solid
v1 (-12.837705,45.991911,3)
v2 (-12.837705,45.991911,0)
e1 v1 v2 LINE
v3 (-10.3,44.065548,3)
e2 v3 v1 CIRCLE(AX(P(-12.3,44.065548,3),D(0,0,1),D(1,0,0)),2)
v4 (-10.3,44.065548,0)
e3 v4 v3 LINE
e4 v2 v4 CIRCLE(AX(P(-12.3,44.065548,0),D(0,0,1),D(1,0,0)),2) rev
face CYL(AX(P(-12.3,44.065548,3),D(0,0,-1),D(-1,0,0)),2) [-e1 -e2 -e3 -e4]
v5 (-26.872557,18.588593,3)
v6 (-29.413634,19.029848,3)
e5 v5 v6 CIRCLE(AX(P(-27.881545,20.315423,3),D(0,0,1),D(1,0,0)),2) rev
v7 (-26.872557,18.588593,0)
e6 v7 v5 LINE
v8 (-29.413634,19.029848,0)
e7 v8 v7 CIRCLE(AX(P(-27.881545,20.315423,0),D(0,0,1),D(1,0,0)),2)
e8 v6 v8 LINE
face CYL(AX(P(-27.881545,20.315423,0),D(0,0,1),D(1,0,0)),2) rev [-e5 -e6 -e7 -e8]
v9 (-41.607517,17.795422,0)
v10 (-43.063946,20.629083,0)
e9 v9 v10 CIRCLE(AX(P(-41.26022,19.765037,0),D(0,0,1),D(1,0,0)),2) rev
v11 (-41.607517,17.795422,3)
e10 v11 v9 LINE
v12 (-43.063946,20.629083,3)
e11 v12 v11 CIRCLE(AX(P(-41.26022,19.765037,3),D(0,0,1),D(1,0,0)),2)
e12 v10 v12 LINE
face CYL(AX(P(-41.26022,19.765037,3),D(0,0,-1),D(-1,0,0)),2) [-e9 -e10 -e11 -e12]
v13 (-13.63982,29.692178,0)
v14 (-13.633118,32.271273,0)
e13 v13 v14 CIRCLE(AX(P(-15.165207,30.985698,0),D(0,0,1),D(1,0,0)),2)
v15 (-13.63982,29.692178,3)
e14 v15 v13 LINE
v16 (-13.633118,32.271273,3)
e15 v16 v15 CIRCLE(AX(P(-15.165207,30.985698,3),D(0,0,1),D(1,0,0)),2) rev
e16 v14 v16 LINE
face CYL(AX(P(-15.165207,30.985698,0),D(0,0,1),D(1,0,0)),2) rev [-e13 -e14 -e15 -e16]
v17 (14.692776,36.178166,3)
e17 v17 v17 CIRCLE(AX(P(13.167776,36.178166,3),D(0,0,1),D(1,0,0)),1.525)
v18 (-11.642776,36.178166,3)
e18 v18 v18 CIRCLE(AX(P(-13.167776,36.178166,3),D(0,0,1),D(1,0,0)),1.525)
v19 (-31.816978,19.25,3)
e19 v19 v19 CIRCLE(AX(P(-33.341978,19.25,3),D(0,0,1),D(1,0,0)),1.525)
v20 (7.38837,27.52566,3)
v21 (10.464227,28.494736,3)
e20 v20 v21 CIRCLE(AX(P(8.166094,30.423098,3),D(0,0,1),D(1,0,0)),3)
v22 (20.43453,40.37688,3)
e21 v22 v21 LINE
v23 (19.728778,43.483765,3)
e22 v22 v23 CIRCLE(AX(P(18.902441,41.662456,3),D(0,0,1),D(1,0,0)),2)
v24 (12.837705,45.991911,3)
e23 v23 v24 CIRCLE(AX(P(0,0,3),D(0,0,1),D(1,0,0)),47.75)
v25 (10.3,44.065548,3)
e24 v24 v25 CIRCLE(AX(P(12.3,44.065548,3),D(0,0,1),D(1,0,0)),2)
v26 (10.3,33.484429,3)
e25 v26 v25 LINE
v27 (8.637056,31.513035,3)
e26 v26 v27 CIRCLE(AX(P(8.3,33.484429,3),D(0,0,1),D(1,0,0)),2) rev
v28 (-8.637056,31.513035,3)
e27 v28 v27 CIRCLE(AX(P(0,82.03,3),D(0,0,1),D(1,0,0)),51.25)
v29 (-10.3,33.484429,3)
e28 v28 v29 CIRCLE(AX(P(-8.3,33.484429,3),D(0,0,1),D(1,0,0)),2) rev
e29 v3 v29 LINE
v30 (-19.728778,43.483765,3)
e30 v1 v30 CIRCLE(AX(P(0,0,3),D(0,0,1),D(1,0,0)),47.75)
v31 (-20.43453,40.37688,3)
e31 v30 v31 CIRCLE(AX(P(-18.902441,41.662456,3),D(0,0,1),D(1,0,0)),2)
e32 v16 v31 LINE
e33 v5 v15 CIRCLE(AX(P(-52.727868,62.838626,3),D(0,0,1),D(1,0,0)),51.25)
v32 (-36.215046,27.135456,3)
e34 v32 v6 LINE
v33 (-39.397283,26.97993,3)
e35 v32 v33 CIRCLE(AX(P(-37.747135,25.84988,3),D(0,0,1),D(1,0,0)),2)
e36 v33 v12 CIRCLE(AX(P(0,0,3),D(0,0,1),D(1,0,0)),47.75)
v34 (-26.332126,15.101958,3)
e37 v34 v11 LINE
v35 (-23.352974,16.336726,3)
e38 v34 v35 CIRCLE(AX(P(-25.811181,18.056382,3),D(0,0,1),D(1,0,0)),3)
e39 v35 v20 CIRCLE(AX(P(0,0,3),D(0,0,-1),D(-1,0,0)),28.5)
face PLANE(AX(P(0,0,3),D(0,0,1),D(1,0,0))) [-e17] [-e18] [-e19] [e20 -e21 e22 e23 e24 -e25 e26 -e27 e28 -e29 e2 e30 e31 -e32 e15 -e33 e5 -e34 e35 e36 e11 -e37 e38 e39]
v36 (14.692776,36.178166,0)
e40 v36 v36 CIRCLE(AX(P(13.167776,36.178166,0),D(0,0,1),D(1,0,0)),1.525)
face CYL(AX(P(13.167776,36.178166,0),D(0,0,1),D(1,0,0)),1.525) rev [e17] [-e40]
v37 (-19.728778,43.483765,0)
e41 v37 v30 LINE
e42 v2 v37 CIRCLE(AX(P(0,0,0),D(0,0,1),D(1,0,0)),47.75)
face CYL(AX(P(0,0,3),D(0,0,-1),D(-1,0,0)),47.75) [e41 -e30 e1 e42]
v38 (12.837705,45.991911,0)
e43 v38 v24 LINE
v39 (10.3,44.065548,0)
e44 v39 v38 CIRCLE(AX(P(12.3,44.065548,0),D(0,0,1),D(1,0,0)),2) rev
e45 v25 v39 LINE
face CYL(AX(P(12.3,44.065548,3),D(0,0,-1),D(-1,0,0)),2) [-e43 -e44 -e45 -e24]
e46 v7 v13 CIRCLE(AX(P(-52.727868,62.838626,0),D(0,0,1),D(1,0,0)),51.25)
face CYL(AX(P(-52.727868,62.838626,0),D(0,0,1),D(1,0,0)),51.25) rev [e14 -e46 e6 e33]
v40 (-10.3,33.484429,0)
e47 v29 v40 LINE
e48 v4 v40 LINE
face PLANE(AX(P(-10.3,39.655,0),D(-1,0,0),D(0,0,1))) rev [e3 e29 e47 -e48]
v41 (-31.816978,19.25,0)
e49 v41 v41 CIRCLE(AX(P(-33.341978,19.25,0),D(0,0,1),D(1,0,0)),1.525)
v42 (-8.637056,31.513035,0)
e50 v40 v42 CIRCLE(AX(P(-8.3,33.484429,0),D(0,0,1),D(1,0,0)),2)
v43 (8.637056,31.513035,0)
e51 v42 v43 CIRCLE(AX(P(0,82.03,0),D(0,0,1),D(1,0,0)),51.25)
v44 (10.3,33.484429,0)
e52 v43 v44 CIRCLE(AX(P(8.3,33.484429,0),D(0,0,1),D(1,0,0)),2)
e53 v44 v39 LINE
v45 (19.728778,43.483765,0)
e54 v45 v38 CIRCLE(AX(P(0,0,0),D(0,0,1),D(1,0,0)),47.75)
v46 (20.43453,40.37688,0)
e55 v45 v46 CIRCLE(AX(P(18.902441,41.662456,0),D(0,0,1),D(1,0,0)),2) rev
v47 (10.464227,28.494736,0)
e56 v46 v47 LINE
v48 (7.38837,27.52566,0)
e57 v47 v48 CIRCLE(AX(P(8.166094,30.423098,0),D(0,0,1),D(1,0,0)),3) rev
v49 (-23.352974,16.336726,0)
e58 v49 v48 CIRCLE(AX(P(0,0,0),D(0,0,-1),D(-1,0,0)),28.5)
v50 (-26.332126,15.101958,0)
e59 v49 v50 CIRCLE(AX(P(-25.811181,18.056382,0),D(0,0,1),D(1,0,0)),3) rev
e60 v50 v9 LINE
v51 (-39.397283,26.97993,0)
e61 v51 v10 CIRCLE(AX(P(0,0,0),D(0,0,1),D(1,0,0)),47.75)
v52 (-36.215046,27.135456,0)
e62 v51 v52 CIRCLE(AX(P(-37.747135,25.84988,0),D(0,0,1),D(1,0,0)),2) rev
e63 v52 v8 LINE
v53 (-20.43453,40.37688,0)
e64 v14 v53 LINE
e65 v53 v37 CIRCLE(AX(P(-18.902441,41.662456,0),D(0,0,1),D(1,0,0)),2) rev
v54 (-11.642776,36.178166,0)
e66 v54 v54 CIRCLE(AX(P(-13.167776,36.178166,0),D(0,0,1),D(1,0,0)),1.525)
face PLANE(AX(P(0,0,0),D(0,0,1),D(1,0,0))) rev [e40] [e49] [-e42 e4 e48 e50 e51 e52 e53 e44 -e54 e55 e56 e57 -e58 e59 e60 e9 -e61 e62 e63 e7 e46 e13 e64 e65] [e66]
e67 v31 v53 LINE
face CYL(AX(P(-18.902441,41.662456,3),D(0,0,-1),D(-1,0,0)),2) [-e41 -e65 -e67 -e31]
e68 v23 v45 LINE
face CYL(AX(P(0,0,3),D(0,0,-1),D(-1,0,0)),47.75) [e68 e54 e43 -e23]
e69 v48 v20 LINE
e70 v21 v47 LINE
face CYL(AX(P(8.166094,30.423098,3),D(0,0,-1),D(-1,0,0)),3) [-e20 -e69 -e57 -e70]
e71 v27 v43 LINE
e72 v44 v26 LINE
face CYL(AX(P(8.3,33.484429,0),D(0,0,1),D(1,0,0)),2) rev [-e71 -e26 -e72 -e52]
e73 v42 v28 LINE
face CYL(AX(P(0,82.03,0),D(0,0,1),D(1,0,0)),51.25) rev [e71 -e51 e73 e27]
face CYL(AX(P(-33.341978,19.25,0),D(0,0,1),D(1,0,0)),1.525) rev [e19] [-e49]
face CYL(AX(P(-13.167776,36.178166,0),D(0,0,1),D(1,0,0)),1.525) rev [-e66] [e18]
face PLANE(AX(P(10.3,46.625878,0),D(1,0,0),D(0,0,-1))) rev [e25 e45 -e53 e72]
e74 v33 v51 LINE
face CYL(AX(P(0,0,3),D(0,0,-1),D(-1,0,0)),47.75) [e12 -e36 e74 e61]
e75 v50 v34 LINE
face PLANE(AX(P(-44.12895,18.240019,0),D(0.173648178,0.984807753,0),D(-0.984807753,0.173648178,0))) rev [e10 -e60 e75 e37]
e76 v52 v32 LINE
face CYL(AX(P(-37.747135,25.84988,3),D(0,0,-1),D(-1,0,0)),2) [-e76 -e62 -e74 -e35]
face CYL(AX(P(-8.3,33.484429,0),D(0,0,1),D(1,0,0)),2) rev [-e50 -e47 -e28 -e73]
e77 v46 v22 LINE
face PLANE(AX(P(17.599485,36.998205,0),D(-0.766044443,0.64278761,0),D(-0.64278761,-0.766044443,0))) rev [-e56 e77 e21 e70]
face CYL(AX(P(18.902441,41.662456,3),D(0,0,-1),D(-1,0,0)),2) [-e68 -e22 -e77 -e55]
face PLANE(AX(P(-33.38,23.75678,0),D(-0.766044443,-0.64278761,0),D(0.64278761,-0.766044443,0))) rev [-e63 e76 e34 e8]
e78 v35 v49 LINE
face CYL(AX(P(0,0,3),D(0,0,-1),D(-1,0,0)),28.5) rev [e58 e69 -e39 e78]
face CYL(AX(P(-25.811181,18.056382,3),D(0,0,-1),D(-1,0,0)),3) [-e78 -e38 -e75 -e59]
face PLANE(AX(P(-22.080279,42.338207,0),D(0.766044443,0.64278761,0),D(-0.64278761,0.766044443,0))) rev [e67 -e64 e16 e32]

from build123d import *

# Parameters (mm, degrees)
SKETCH_1_R          = 47.75
EXTRUDE_1_DEPTH     = 3
CUT_EXTRUDE_1_DEPTH = 68.595303091
FILLET_2_R          = 2
SKETCH_3_R          = 1.525
CUT_EXTRUDE_2_DEPTH = 68.441458022
SKETCH_6_R          = 28.5
CUT_EXTRUDE_4_DEPTH = 68.441458022
SKETCH_9_W          = 2.6
SKETCH_9_H          = 3.05
EXTRUDE_3_DEPTH     = 3
CUT_EXTRUDE_6_DEPTH = 68.441458022
FILLET_4_R          = 3


with BuildPart() as part:
    # ｽｹｯﾁ1 → ﾎﾞｽ - 押し出し1 (new body)
    with BuildSketch(Plane.XY):
        Circle(SKETCH_1_R)
    extrude(amount=EXTRUDE_1_DEPTH)

    # ｽｹｯﾁ2 → ｶｯﾄ - 押し出し1 (cut, through all)
    with BuildSketch(Plane.XY.offset(3)):
        with BuildLine():
            Line((-10.3, 46.625878008), (-10.3, 42.705))
            Line((-10.3, 42.705), (-12.9, 42.705))
            Line((-12.9, 42.705), (-12.9, 39.655))
            Line((-12.9, 39.655), (-10.3, 39.655))
            Line((-10.3, 39.655), (-10.3, 31.825692416))
            ThreePointArc((-10.3, 31.825692416), (0, 30.78), (10.3, 31.825692416))
            Line((10.3, 31.825692416), (10.3, 39.655))
            Line((10.3, 39.655), (12.9, 39.655))
            Line((12.9, 39.655), (12.9, 42.705))
            Line((12.9, 42.705), (10.3, 42.705))
            Line((10.3, 42.705), (10.3, 46.625878008))
            ThreePointArc((10.3, 46.625878008), (0, 47.75), (-10.3, 46.625878008))
        make_face()
        with BuildLine():
            Line((17.599484898, 36.998204772), (12.566902991, 31.000607203))
            ThreePointArc((12.566902991, 31.000607203), (19.785002626, 23.578847959), (28.347418519, 17.759182444))
            Line((28.347418519, 17.759182444), (33.380000426, 23.756780012))
            Line((33.380000426, 23.756780012), (35.371715978, 22.085532227))
            Line((35.371715978, 22.085532227), (37.332218188, 24.421967778))
            Line((37.332218188, 24.421967778), (35.340502636, 26.093215564))
            Line((35.340502636, 26.093215564), (37.860794438, 29.096782374))
            ThreePointArc((37.860794438, 29.096782374), (30.693108363, 36.578622159), (22.08027891, 42.338207133))
            Line((22.08027891, 42.338207133), (19.559987108, 39.334640323))
            Line((19.559987108, 39.334640323), (17.568271555, 41.005888108))
            Line((17.568271555, 41.005888108), (15.607769346, 38.669452557))
            Line((15.607769346, 38.669452557), (17.599484898, 36.998204772))
        make_face()
        with BuildLine():
            Line((37.263975216, 17.029538341), (29.553612406, 15.669993347))
            ThreePointArc((29.553612406, 15.669993347), (30.312382638, 5.344890909), (33.130764866, -4.617046365))
            Line((33.130764866, -4.617046365), (40.841127676, -3.257501371))
            Line((40.841127676, -3.257501371), (41.292612938, -5.818001528))
            Line((41.292612938, -5.818001528), (44.296276584, -5.288374587))
            Line((44.296276584, -5.288374587), (43.844791322, -2.727874429))
            Line((43.844791322, -2.727874429), (47.706102383, -2.047021108))
            ThreePointArc((47.706102383, -2.047021108), (47.024570206, 8.291700484), (44.128949923, 18.240018604))
            Line((44.128949923, 18.240018604), (40.267638862, 17.559165283))
            Line((40.267638862, 17.559165283), (39.8161536, 20.119665441))
            Line((39.8161536, 20.119665441), (36.812489954, 19.590038499))
            Line((36.812489954, 19.590038499), (37.263975216, 17.029538341))
        make_face()
        with BuildLine():
            Line((39.492237387, -10.907438341), (32.711858125, -6.992784549))
            ThreePointArc((32.711858125, -6.992784549), (26.656261928, -15.39), (22.411858125, -24.832907867))
            Line((22.411858125, -24.832907867), (29.192237387, -28.747561659))
            Line((29.192237387, -28.747561659), (27.892237387, -30.999227709))
            Line((27.892237387, -30.999227709), (30.533614869, -32.524227709))
            Line((30.533614869, -32.524227709), (31.833614869, -30.272561659))
            Line((31.833614869, -30.272561659), (35.229194829, -32.233000663))
            ThreePointArc((35.229194829, -32.233000663), (41.352713031, -23.875), (45.529194829, -14.392877345))
            Line((45.529194829, -14.392877345), (42.133614869, -12.432438341))
            Line((42.133614869, -12.432438341), (43.433614869, -10.180772291))
            Line((43.433614869, -10.180772291), (40.792237387, -8.655772291))
            Line((40.792237387, -8.655772291), (39.492237387, -10.907438341))
        make_face()
        with BuildLine():
            Line((23.241642778, -33.740703401), (20.563861876, -26.383560838))
            ThreePointArc((20.563861876, -26.383560838), (10.527380012, -28.923738868), (1.206193887, -33.429175791))
            Line((1.206193887, -33.429175791), (3.883974789, -40.786318354))
            Line((3.883974789, -40.786318354), (1.440773975, -41.675570726))
            Line((1.440773975, -41.675570726), (2.483935413, -44.54163322))
            Line((2.483935413, -44.54163322), (4.927136227, -43.652380847))
            Line((4.927136227, -43.652380847), (6.268155485, -47.336800978))
            ThreePointArc((6.268155485, -47.336800978), (16.331461844, -44.870322643), (25.625823473, -40.291186025))
            Line((25.625823473, -40.291186025), (24.284804215, -36.606765894))
            Line((24.284804215, -36.606765894), (26.728005029, -35.717513522))
            Line((26.728005029, -35.717513522), (25.684843592, -32.851451028))
            Line((25.684843592, -32.851451028), (23.241642778, -33.740703401))
        make_face()
        with BuildLine():
            Line((-3.883974789, -40.786318354), (-1.206193887, -33.429175791))
            ThreePointArc((-1.206193887, -33.429175791), (-10.527380012, -28.923738868), (-20.563861876, -26.383560838))
            Line((-20.563861876, -26.383560838), (-23.241642778, -33.740703401))
            Line((-23.241642778, -33.740703401), (-25.684843592, -32.851451028))
            Line((-25.684843592, -32.851451028), (-26.728005029, -35.717513522))
            Line((-26.728005029, -35.717513522), (-24.284804215, -36.606765894))
            Line((-24.284804215, -36.606765894), (-25.625823473, -40.291186025))
            ThreePointArc((-25.625823473, -40.291186025), (-16.331461844, -44.870322643), (-6.268155485, -47.336800978))
            Line((-6.268155485, -47.336800978), (-4.927136227, -43.652380847))
            Line((-4.927136227, -43.652380847), (-2.483935413, -44.54163322))
            Line((-2.483935413, -44.54163322), (-1.440773975, -41.675570726))
            Line((-1.440773975, -41.675570726), (-3.883974789, -40.786318354))
        make_face()
        with BuildLine():
            Line((-29.192237387, -28.747561659), (-22.411858125, -24.832907867))
            ThreePointArc((-22.411858125, -24.832907867), (-26.656261928, -15.39), (-32.711858125, -6.992784549))
            Line((-32.711858125, -6.992784549), (-39.492237387, -10.907438341))
            Line((-39.492237387, -10.907438341), (-40.792237387, -8.655772291))
            Line((-40.792237387, -8.655772291), (-43.433614869, -10.180772291))
            Line((-43.433614869, -10.180772291), (-42.133614869, -12.432438341))
            Line((-42.133614869, -12.432438341), (-45.529194829, -14.392877345))
            ThreePointArc((-45.529194829, -14.392877345), (-41.352713031, -23.875), (-35.229194829, -32.233000663))
            Line((-35.229194829, -32.233000663), (-31.833614869, -30.272561659))
            Line((-31.833614869, -30.272561659), (-30.533614869, -32.524227709))
            Line((-30.533614869, -32.524227709), (-27.892237387, -30.999227709))
            Line((-27.892237387, -30.999227709), (-29.192237387, -28.747561659))
        make_face()
        with BuildLine():
            Line((-40.841127676, -3.257501371), (-33.130764866, -4.617046365))
            ThreePointArc((-33.130764866, -4.617046365), (-30.312382638, 5.344890909), (-29.553612406, 15.669993347))
            Line((-29.553612406, 15.669993347), (-37.263975216, 17.029538341))
            Line((-37.263975216, 17.029538341), (-36.812489954, 19.590038499))
            Line((-36.812489954, 19.590038499), (-39.8161536, 20.119665441))
            Line((-39.8161536, 20.119665441), (-40.267638862, 17.559165283))
            Line((-40.267638862, 17.559165283), (-44.128949923, 18.240018604))
            ThreePointArc((-44.128949923, 18.240018604), (-47.024570206, 8.291700484), (-47.706102383, -2.047021108))
            Line((-47.706102383, -2.047021108), (-43.844791322, -2.727874429))
            Line((-43.844791322, -2.727874429), (-44.296276584, -5.288374587))
            Line((-44.296276584, -5.288374587), (-41.292612938, -5.818001528))
            Line((-41.292612938, -5.818001528), (-40.841127676, -3.257501371))
        make_face()
        with BuildLine():
            Line((-33.380000426, 23.756780012), (-28.347418519, 17.759182444))
            ThreePointArc((-28.347418519, 17.759182444), (-19.785002626, 23.578847959), (-12.566902991, 31.000607203))
            Line((-12.566902991, 31.000607203), (-17.599484898, 36.998204772))
            Line((-17.599484898, 36.998204772), (-15.607769346, 38.669452557))
            Line((-15.607769346, 38.669452557), (-17.568271555, 41.005888108))
            Line((-17.568271555, 41.005888108), (-19.559987108, 39.334640323))
            Line((-19.559987108, 39.334640323), (-22.08027891, 42.338207133))
            ThreePointArc((-22.08027891, 42.338207133), (-30.693108363, 36.578622159), (-37.860794438, 29.096782374))
            Line((-37.860794438, 29.096782374), (-35.340502636, 26.093215564))
            Line((-35.340502636, 26.093215564), (-37.332218188, 24.421967778))
            Line((-37.332218188, 24.421967778), (-35.371715978, 22.085532227))
            Line((-35.371715978, 22.085532227), (-33.380000426, 23.756780012))
        make_face()
    extrude(amount=-CUT_EXTRUDE_1_DEPTH, mode=Mode.SUBTRACT)

    # ﾌｨﾚｯﾄ2
    fillet_2_edges = [part.edges().sort_by_distance(p)[0] for p in [
        (-47.706102383, -2.047021108, 1.5),
        (-44.128949923, 18.240018604, 1.5),
        (-29.553612406, 15.669993347, 1.5),
        (-33.130764866, -4.617046365, 1.5),
        (-37.860794438, 29.096782374, 1.5),
        (-22.08027891, 42.338207133, 1.5),
        (-12.566902991, 31.000607203, 1.5),
        (-28.347418519, 17.759182444, 1.5),
        (-6.268155485, -47.336800978, 1.5),
        (-25.625823473, -40.291186025, 1.5),
        (-20.563861876, -26.383560838, 1.5),
        (-1.206193887, -33.429175791, 1.5),
        (-35.229194829, -32.233000663, 1.5),
        (-45.529194829, -14.392877345, 1.5),
        (-32.711858125, -6.992784549, 1.5),
        (-22.411858125, -24.832907867, 1.5),
        (45.529194829, -14.392877345, 1.5),
        (35.229194829, -32.233000663, 1.5),
        (22.411858125, -24.832907867, 1.5),
        (32.711858125, -6.992784549, 1.5),
        (25.625823473, -40.291186025, 1.5),
        (6.268155485, -47.336800978, 1.5),
        (1.206193887, -33.429175791, 1.5),
        (20.563861876, -26.383560838, 1.5),
        (22.08027891, 42.338207133, 1.5),
        (37.860794438, 29.096782374, 1.5),
        (28.347418519, 17.759182444, 1.5),
        (12.566902991, 31.000607203, 1.5),
        (44.128949923, 18.240018604, 1.5),
        (47.706102383, -2.047021108, 1.5),
        (33.130764866, -4.617046365, 1.5),
        (29.553612406, 15.669993347, 1.5),
        (-10.3, 46.625878008, 1.5),
        (10.3, 46.625878008, 1.5),
        (10.3, 31.825692416, 1.5),
        (-10.3, 31.825692416, 1.5),
    ]]
    fillet(fillet_2_edges, radius=FILLET_2_R)

    # ｽｹｯﾁ3 → ｶｯﾄ - 押し出し2 (cut, through all)
    with BuildSketch(Plane.XY.offset(3)):
        with Locations((0, -38.5)):
            Circle(SKETCH_3_R)
        with Locations((-24.747322973, -29.49271106)):
            Circle(SKETCH_3_R)
        with Locations((-37.915098491, -6.68545484)):
            Circle(SKETCH_3_R)
        with Locations((-33.341978046, 19.25)):
            Circle(SKETCH_3_R)
        with Locations((-13.167775518, 36.1781659)):
            Circle(SKETCH_3_R)
        with Locations((13.167775518, 36.1781659)):
            Circle(SKETCH_3_R)
        with Locations((33.341978046, 19.25)):
            Circle(SKETCH_3_R)
        with Locations((37.915098491, -6.68545484)):
            Circle(SKETCH_3_R)
        with Locations((24.747322973, -29.49271106)):
            Circle(SKETCH_3_R)
    extrude(amount=-CUT_EXTRUDE_2_DEPTH, mode=Mode.SUBTRACT)

    # ｽｹｯﾁ6 → ｶｯﾄ - 押し出し4 (cut, through all)
    with BuildSketch(Plane(origin=(0, 0, 0), x_dir=(-1, 0, 0), z_dir=(0, 0, -1))):
        Circle(SKETCH_6_R)
    extrude(amount=-CUT_EXTRUDE_4_DEPTH, mode=Mode.SUBTRACT)

    # ｽｹｯﾁ9 → ﾎﾞｽ - 押し出し3 (add)
    with BuildSketch(Plane(origin=(0, 0, 0), x_dir=(-1, 0, 0), z_dir=(0, 0, -1))):
        Polygon((-19.559987108, 39.334640323), (-17.599484898, 36.998204772), (-15.607769346, 38.669452557), (-17.568271555, 41.005888108), align=None)
        with Locations((-11.6, 41.18)):
            Rectangle(SKETCH_9_W, SKETCH_9_H)
        with Locations((11.6, 41.18)):
            Rectangle(SKETCH_9_W, SKETCH_9_H)
        Polygon((17.599484898, 36.998204772), (15.607769346, 38.669452557), (17.568271555, 41.005888108), (19.559987108, 39.334640323), align=None)
        Polygon((33.380000426, 23.756780012), (35.371715978, 22.085532227), (37.332218188, 24.421967778), (35.340502636, 26.093215564), align=None)
        Polygon((36.812489954, 19.590038499), (37.263975216, 17.029538341), (40.267638862, 17.559165283), (39.8161536, 20.119665441), align=None)
    extrude(amount=-EXTRUDE_3_DEPTH)

    # ｽｹｯﾁ10 → ｶｯﾄ - 押し出し6 (cut, through all)
    with BuildSketch(Plane(origin=(0, 0, 0), x_dir=(-1, 0, 0), z_dir=(0, 0, -1))):
        with BuildLine():
            Line((-22.902623398, 43.318239132), (4.067787689, 11.176154824))
            Line((4.067787689, 11.176154824), (45.388854775, 18.462173823))
            ThreePointArc((45.388854775, 18.462173823), (-16.758987023, -46.044938419), (-22.902623398, 43.318239132))
        make_face()
    extrude(amount=-CUT_EXTRUDE_6_DEPTH, mode=Mode.SUBTRACT)

    # ﾌｨﾚｯﾄ4
    fillet_4_edges = [part.edges().sort_by_distance(p)[0] for p in [
        (-24.381381174, 14.75798943, 1.5),
        (9.190968814, 26.977325521, 1.5),
    ]]
    fillet(fillet_4_edges, radius=FILLET_4_R)


solid = part.part
